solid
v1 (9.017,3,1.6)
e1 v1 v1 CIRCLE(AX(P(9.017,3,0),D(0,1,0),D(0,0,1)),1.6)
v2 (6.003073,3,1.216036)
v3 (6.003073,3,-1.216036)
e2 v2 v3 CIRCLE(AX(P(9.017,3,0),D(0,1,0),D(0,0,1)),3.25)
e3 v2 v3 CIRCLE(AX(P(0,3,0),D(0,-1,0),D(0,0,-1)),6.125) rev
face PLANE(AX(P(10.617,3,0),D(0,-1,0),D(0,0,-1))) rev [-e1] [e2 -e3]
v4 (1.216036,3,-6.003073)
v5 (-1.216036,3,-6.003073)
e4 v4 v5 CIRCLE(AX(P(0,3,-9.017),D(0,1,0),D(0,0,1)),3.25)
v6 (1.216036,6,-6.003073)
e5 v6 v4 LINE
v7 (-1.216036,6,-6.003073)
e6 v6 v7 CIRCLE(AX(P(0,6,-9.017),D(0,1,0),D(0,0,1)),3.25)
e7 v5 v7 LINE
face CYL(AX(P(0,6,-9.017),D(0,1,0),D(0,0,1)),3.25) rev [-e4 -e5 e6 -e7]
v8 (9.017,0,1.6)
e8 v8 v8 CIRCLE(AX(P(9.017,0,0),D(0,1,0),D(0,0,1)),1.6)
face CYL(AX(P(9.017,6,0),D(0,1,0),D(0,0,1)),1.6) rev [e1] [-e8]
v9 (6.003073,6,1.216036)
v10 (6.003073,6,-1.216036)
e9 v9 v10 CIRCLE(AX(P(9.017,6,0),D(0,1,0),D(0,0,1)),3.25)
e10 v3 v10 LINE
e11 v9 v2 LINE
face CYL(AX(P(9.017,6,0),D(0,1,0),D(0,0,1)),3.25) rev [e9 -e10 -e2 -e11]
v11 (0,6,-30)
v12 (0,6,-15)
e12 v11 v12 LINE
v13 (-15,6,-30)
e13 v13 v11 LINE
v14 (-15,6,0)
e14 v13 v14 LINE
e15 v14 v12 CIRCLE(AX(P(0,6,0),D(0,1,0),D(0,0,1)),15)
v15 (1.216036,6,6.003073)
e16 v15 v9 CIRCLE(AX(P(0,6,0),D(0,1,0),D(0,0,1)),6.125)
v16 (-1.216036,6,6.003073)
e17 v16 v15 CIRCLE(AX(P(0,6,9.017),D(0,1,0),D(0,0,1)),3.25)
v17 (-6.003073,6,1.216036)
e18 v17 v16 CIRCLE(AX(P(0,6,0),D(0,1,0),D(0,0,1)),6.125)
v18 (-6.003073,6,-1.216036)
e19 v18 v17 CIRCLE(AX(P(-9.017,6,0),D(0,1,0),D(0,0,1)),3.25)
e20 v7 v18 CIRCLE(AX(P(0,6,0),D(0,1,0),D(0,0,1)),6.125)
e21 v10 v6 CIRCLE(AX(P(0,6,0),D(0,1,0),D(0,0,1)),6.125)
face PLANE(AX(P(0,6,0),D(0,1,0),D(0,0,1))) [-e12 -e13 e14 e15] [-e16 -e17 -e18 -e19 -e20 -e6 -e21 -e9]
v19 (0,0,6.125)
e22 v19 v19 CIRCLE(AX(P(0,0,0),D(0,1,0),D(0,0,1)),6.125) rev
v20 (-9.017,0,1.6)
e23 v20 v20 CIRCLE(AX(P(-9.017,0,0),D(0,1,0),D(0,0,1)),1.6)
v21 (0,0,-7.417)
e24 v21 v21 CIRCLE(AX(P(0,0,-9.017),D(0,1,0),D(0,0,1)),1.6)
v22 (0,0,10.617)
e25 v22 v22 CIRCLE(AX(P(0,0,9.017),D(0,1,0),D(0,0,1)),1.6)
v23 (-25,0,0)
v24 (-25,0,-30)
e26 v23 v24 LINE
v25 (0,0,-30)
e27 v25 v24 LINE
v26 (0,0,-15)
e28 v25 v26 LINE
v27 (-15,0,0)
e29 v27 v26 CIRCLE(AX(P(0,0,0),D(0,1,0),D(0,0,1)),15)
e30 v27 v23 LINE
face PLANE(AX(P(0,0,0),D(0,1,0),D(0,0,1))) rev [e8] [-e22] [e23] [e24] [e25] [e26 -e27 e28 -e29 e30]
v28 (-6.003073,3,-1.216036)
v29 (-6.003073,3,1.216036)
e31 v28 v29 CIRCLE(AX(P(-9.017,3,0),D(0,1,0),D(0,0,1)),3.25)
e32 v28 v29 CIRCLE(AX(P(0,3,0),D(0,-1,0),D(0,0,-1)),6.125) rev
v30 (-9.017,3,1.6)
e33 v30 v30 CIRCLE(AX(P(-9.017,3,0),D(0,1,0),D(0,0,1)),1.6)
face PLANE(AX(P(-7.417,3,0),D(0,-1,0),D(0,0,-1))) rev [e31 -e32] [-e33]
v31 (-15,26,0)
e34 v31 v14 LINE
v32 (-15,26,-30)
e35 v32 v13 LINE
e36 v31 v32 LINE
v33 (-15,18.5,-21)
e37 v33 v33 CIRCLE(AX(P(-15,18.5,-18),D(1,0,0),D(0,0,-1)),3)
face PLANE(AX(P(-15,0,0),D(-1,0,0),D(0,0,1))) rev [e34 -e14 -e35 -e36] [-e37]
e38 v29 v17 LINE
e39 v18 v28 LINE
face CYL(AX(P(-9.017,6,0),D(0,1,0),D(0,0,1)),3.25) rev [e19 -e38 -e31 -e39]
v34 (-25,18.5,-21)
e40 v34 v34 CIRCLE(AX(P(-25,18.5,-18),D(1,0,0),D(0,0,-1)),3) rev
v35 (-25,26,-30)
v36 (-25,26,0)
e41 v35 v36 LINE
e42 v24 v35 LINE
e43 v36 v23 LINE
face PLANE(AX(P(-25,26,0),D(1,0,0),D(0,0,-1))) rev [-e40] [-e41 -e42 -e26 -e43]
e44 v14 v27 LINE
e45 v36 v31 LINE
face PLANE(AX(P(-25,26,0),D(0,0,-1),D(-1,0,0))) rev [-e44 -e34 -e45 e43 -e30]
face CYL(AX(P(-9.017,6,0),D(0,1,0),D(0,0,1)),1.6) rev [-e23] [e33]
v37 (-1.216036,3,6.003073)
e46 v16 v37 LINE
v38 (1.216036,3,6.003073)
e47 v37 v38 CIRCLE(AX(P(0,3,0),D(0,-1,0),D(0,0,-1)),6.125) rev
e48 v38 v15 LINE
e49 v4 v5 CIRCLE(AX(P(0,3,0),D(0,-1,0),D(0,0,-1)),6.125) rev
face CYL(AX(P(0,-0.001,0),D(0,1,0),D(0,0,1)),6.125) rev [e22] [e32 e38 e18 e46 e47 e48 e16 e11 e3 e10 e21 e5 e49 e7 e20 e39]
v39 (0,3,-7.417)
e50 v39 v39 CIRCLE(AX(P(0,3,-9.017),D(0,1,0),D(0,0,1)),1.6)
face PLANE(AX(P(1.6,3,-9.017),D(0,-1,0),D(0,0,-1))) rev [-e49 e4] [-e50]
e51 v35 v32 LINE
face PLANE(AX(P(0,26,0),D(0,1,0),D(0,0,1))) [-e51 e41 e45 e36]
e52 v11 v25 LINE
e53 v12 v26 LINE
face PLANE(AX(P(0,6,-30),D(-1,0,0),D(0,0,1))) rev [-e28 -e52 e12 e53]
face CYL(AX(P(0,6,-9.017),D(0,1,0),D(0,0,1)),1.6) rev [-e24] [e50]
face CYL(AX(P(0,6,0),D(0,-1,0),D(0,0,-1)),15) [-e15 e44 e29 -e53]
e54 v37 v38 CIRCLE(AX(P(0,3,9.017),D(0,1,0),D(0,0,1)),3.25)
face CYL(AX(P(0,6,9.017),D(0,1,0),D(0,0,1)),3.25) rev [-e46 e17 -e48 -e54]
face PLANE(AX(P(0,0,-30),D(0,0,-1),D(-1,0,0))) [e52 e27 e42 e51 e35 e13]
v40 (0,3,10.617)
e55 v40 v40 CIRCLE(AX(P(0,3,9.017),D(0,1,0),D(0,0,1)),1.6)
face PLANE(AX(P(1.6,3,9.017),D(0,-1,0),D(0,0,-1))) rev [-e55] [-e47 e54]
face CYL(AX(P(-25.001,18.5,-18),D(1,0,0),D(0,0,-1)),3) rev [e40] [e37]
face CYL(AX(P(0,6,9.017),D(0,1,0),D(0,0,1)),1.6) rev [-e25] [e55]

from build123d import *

# Parameters (mm, degrees)
SKETCH1_R                       = 15
BOSS_EXTRUDE1_DEPTH             = 6
CUT_EXTRUDE1_REACH              = 24.045
SKETCH2_R                       = 6.125
CBORE_FOR_M3_SHCS2_D            = 3.2
CBORE_FOR_M3_SHCS2_CBORE_D      = 6.5
CBORE_FOR_M3_SHCS2_CBORE_DEPTH  = 3
CIRPATTERN1_COUNT               = 4
BOSS_EXTRUDE2_REACH             = 24.045
BOSS_EXTRUDE2_DIRECTION_2_DEPTH = 20
CUT_EXTRUDE2_START              = -25
SKETCH7_W                       = 15
SKETCH7_H                       = 20
CUT_EXTRUDE2_DEPTH              = 15
BOSS_EXTRUDE3_DEPTH             = 15
CUT_EXTRUDE3_REACH              = 51.759
SKETCH8_R                       = 3


with BuildPart() as part:
    # Sketch1 → Boss-Extrude1 (new body)
    with BuildSketch(Plane(origin=(0, 0, 0), x_dir=(1, 0, 0), z_dir=(0, 1, 0))):
        with Locations(Location((0, 0, 0), (0, 0, 270))):
            Circle(SKETCH1_R)
    extrude(amount=BOSS_EXTRUDE1_DEPTH)

    # Sketch2 → Cut-Extrude1 (cut, up to next)
    with BuildSketch(Plane(origin=(0, 6, 0), x_dir=(1, 0, 0), z_dir=(0, 1, 0)), mode=Mode.PRIVATE) as cut_extrude1_sk1:
        with Locations(Location((0, 0, 0), (0, 0, 270))):
            Circle(SKETCH2_R)
    cut_extrude1_tool1 = extrude(cut_extrude1_sk1.sketch, amount=-CUT_EXTRUDE1_REACH, mode=Mode.PRIVATE) & part.part
    add(cut_extrude1_tool1.solids().sort_by_distance((0, 6, 0))[0], mode=Mode.SUBTRACT)

    # CBORE for M3 SHCS2 (through all)
    with Locations(Plane(origin=(0, 6, 0), x_dir=(1, 0, 0), z_dir=(0, 1, 0))):
        with Locations((0, 9.017)):
            cbore_for_m3_shcs2 = CounterBoreHole(CBORE_FOR_M3_SHCS2_D / 2, CBORE_FOR_M3_SHCS2_CBORE_D / 2, CBORE_FOR_M3_SHCS2_CBORE_DEPTH)

    # CirPattern1: CBORE for M3 SHCS2 ×4 about axis
    cirpattern1_axis = Axis((0, 0, 0), (0, 1, 0))
    for i in range(1, CIRPATTERN1_COUNT):
        add(cbore_for_m3_shcs2.rotate(cirpattern1_axis, i * 360 / CIRPATTERN1_COUNT), mode=Mode.SUBTRACT)

    # Boss-Extrude2: up to this face of the body (flat: up to its plane)
    boss_extrude2_end = Plane(part.part.faces().sort_by_distance((0, 0, -14.575735931))[0])
    # Sketch6 → Boss-Extrude2 (add, up to the picked face)
    with BuildSketch(Plane(origin=(0, 6, 0), x_dir=(1, 0, 0), z_dir=(0, 1, 0)), mode=Mode.PRIVATE) as boss_extrude2_sk1:
        with BuildLine():
            Line((-25, 0), (-25, 15))
            Line((-25, 15), (0, 15))
            ThreePointArc((0, 15), (-10.606601718, 10.606601718), (-15, 0))
            Line((-15, 0), (-25, 0))
        make_face()
    boss_extrude2_tool1 = split(extrude(boss_extrude2_sk1.sketch, amount=-BOSS_EXTRUDE2_REACH, mode=Mode.PRIVATE), bisect_by=boss_extrude2_end, keep=Keep.BOTH, mode=Mode.PRIVATE)
    add(boss_extrude2_tool1.solids().sort_by(Axis((-17.966526, 6, -8.51046), (0, -1, 0)))[0])

    # Sketch6 → Boss-Extrude2 direction 2 (add)
    with BuildSketch(Plane(origin=(0, 6, 0), x_dir=(1, 0, 0), z_dir=(0, 1, 0))):
        with BuildLine():
            Line((-25, 0), (-25, 15))
            Line((-25, 15), (0, 15))
            ThreePointArc((0, 15), (-10.606601718, 10.606601718), (-15, 0))
            Line((-15, 0), (-25, 0))
        make_face()
    extrude(amount=BOSS_EXTRUDE2_DIRECTION_2_DEPTH)

    # Sketch7 → Cut-Extrude2 (cut)
    with BuildSketch(Plane.ZY.offset(25).offset(CUT_EXTRUDE2_START)):
        with Locations((-7.5, 16)):
            Rectangle(SKETCH7_W, SKETCH7_H)
    extrude(amount=CUT_EXTRUDE2_DEPTH, mode=Mode.SUBTRACT)

    # Sketch9 → Boss-Extrude3 (add)
    with BuildSketch(Plane(origin=(0, 0, -15), x_dir=(-1, 0, 0), z_dir=(0, 0, -1))):
        Polygon((15, 26), (15, 6), (0, 6), (0, 0), (25, 0), (25, 26), align=None)
    extrude(amount=BOSS_EXTRUDE3_DEPTH)

    # Sketch8 → Cut-Extrude3 (cut, up to next)
    with BuildSketch(Plane(origin=(-15, 0, 0), x_dir=(0, 0, -1), z_dir=(1, 0, 0)), mode=Mode.PRIVATE) as cut_extrude3_sk1:
        with Locations((18, 18.5)):
            Circle(SKETCH8_R)
    cut_extrude3_tool1 = extrude(cut_extrude3_sk1.sketch, amount=-CUT_EXTRUDE3_REACH, mode=Mode.PRIVATE) & part.part
    add(cut_extrude3_tool1.solids().sort_by_distance((-15, 18.5, -18))[0], mode=Mode.SUBTRACT)


solid = part.part
